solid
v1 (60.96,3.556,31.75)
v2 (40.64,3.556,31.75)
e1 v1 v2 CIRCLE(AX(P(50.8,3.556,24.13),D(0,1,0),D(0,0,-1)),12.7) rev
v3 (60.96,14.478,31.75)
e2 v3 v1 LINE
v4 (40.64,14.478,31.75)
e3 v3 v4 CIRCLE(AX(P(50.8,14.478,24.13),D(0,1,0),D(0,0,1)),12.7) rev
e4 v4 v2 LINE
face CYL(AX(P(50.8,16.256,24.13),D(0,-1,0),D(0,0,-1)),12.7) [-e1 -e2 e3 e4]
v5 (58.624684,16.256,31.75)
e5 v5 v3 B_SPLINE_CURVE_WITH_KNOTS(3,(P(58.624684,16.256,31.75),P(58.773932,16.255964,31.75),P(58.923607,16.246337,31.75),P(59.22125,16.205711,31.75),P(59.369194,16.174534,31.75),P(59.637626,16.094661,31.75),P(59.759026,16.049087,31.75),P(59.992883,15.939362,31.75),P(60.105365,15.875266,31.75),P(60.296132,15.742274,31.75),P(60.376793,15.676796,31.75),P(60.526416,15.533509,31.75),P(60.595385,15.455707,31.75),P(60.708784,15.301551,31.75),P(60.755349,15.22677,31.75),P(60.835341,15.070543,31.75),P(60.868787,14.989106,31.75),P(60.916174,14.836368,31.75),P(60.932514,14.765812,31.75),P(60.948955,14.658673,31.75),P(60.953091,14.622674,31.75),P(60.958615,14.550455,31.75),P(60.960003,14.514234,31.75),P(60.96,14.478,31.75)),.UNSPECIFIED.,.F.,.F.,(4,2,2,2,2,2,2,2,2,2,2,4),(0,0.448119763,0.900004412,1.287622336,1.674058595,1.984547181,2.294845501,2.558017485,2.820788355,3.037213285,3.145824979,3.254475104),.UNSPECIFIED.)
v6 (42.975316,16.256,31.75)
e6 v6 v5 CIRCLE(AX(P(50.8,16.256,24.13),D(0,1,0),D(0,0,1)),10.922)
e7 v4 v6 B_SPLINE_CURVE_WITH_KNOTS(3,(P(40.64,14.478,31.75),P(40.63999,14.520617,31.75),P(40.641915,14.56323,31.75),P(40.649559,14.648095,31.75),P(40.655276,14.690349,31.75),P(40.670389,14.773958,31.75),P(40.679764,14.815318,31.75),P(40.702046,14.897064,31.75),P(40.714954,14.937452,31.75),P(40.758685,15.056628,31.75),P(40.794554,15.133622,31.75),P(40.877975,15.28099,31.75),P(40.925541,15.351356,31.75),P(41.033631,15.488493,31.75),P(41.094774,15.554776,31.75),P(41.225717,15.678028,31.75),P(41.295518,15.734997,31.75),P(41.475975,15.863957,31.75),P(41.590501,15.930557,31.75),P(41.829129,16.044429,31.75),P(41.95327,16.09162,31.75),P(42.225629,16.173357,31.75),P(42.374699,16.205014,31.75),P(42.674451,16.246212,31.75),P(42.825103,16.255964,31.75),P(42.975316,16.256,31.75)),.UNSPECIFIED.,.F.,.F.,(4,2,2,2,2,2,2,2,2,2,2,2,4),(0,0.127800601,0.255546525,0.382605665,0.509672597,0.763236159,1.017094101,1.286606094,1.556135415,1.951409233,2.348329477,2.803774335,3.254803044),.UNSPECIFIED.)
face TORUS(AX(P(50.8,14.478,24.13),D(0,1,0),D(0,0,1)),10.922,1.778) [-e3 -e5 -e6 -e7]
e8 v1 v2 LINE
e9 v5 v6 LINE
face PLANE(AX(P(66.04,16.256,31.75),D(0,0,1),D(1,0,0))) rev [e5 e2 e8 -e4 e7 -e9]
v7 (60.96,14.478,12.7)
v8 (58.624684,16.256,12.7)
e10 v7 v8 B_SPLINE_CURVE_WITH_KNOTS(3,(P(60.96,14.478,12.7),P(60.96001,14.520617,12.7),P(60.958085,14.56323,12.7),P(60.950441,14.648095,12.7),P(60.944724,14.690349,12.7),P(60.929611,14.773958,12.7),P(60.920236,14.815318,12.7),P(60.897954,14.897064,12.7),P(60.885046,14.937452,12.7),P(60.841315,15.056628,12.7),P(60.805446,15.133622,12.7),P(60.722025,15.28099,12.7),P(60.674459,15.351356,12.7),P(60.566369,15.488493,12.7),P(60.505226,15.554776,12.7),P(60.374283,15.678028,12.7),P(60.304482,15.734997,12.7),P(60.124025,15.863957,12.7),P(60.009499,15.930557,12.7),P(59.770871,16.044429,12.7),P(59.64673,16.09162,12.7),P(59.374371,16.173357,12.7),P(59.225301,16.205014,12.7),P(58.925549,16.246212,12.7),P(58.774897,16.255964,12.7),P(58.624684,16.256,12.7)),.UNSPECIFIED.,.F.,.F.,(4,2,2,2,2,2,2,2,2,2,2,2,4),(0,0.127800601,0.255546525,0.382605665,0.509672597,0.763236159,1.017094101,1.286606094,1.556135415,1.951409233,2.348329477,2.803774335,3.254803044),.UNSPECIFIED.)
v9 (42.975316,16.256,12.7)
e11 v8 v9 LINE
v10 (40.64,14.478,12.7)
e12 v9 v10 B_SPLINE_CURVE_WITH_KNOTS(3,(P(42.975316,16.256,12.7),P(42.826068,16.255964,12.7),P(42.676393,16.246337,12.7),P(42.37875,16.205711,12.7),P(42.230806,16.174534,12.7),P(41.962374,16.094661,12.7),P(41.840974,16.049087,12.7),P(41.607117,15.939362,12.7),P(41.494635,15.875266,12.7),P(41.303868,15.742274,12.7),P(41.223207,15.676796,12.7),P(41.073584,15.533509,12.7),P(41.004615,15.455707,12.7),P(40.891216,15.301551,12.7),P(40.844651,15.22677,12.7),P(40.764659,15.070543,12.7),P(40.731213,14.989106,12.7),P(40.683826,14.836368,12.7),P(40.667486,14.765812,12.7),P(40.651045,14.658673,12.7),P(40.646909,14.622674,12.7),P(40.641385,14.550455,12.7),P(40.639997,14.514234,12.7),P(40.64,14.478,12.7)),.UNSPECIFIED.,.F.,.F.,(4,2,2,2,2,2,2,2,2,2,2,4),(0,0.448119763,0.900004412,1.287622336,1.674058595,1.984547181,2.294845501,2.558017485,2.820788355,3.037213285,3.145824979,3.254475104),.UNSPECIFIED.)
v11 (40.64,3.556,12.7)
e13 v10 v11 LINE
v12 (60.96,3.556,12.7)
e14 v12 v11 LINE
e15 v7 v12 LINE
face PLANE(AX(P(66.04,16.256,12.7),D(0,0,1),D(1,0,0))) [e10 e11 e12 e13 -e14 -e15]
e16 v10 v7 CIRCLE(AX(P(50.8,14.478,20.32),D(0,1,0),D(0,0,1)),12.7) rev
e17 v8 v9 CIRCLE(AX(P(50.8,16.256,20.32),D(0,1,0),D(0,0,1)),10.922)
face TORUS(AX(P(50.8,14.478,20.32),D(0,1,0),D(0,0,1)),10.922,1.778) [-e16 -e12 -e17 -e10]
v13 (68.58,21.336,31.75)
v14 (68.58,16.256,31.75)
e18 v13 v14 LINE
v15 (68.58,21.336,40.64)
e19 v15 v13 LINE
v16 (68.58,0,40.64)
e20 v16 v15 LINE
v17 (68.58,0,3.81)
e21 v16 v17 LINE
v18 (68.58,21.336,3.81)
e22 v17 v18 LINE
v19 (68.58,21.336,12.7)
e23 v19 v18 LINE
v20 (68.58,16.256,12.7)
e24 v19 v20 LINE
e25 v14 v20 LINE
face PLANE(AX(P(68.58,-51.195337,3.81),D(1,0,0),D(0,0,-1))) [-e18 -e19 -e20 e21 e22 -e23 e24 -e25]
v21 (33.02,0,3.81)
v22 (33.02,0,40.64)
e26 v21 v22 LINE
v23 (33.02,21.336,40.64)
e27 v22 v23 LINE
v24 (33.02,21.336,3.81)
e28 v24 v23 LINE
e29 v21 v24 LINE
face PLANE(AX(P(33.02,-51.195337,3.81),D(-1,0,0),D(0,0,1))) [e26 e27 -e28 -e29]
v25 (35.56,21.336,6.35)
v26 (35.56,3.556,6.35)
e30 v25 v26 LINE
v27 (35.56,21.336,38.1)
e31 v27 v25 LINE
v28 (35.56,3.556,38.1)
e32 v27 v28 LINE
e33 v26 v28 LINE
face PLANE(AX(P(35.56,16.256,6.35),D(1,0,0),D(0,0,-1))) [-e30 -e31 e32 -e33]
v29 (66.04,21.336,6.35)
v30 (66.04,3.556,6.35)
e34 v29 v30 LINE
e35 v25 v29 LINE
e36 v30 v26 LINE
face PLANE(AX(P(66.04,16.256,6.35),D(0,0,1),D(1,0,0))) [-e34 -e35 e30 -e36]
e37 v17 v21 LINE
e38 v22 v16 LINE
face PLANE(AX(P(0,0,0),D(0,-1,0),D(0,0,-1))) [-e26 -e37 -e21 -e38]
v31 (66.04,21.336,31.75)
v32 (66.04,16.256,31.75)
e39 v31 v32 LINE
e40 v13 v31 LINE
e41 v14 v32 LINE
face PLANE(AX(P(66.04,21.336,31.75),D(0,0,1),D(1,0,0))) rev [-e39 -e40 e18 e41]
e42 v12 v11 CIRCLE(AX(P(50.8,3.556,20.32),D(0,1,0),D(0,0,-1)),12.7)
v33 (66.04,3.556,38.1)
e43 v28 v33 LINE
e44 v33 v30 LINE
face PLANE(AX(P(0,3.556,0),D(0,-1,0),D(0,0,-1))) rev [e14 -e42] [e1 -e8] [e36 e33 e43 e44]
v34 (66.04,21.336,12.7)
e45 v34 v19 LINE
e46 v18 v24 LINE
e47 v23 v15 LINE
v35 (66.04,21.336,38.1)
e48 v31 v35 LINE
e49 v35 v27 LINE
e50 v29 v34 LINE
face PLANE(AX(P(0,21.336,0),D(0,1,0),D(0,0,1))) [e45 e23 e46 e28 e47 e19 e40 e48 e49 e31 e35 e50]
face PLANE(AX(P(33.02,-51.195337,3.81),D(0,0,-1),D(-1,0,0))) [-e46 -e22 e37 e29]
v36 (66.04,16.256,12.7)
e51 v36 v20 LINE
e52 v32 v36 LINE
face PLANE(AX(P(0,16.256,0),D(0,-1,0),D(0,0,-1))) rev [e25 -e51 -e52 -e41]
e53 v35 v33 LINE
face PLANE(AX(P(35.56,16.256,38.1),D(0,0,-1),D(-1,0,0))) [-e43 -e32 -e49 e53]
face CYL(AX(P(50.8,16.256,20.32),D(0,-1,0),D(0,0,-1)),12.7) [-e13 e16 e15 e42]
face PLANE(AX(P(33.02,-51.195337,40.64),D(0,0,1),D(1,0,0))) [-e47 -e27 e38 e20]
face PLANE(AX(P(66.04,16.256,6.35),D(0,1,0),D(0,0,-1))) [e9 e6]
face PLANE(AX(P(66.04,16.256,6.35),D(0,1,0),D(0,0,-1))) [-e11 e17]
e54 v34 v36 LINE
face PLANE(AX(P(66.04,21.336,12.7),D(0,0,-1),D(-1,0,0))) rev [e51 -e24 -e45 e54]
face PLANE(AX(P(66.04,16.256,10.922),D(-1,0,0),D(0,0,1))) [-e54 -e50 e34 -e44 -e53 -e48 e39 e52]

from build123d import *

# Parameters (mm, degrees)
SKETCH1_W            = 30.48
SKETCH1_H            = 31.75
BOSS_EXTRUDE1_DEPTH  = 3.556
BOSS_EXTRUDE2_DEPTH  = 12.7
SKETCH4_W            = 69.596
SKETCH4_H            = 73.406
BOSS_EXTRUDE3_DEPTH  = 3.556
BOSS_EXTRUDE5_DEPTH  = 12.7
MIRROR2_COPY_1_DEPTH = 12.7
MIRROR4_COPY_1_DEPTH = 12.7
FILLET5_R            = 1.778
BOSS_EXTRUDE7_REACH  = 82.336
SKETCH9_W            = 1.524
SKETCH9_H            = 35.306
SKETCH9_H_2          = 2.794
SKETCH9_W_2          = 34.036
CUT_EXTRUDE1_DEPTH   = 81.335506123
SKETCH11_W           = 35.56
SKETCH11_H           = 36.83
SKETCH11_W_2         = 34.036
SKETCH11_H_2         = 35.306
BOSS_EXTRUDE8_DEPTH  = 16.256
BOSS_EXTRUDE9_DEPTH  = 5.08


with BuildPart() as part:
    # Sketch1 → Boss-Extrude1 (new body)
    with BuildSketch(Plane(origin=(0, 0, 0), x_dir=(1, 0, 0), z_dir=(0, 1, 0))):
        with Locations((15.24, 15.875)):
            Rectangle(SKETCH1_W, SKETCH1_H)
    extrude(amount=BOSS_EXTRUDE1_DEPTH)

    # Sketch2 → Boss-Extrude2 (add)
    with BuildSketch(Plane(origin=(0, 3.556, 0), x_dir=(1, 0, 0), z_dir=(0, 1, 0))):
        with BuildLine():
            Line((25.4, 6.35), (5.08, 6.35))
            ThreePointArc((5.08, 6.35), (15.24, 1.27), (25.4, 6.35))
        make_face()
        with BuildLine():
            ThreePointArc((25.4, 25.4), (15.24, 30.48), (5.08, 25.4))
            Line((5.08, 25.4), (25.4, 25.4))
        make_face()
    boss_extrude2 = extrude(amount=BOSS_EXTRUDE2_DEPTH)

    # Sketch4 → Boss-Extrude3 (add)
    with BuildSketch(Plane(origin=(0, 3.556, 0), x_dir=(1, 0, 0), z_dir=(0, 1, 0))):
        with Locations((33.02, -3.175)):
            Rectangle(SKETCH4_W, SKETCH4_H)
    extrude(amount=-BOSS_EXTRUDE3_DEPTH)

    # Sketch8 → Boss-Extrude5 (add)
    with BuildSketch(Plane(origin=(0, 3.556, 0), x_dir=(1, 0, 0), z_dir=(0, 1, 0))):
        Polygon((-1.778, 33.528), (-1.778, 27.178), (-1.778, 4.572), (-1.778, -1.778), (32.258, -1.778), (32.258, 33.528), align=None)
        Polygon((0, 27.178), (0, 31.75), (30.48, 31.75), (30.48, 0), (0, 0), (0, 4.572), align=None, mode=Mode.SUBTRACT)
    boss_extrude5 = extrude(amount=BOSS_EXTRUDE5_DEPTH)

    # Mirror1: Boss-Extrude5 across plane
    add(boss_extrude5.mirror(Plane(origin=(0, 0, 3.175), x_dir=(1, 0, 0), z_dir=(0, 0, -1))))

    # Mirror2: Boss-Extrude5 across plane
    add(boss_extrude5.mirror(Plane(origin=(33.02, 0, 0), x_dir=(0, 0, 1), z_dir=(1, 0, 0))))

    # Mirror2 copy 1 sketch → Mirror2 copy 1 (add)
    with BuildSketch(Plane(origin=(66.04, 3.556, 6.35), x_dir=(-1, 0, 0), z_dir=(0, 1, 0))):
        Polygon((-1.778, 33.528), (-1.778, 27.178), (-1.778, 4.572), (-1.778, -1.778), (32.258, -1.778), (32.258, 33.528), align=None)
        Polygon((0, 27.178), (0, 31.75), (30.48, 31.75), (30.48, 0), (0, 0), (0, 4.572), align=None, mode=Mode.SUBTRACT)
    extrude(amount=MIRROR2_COPY_1_DEPTH)

    # Mirror3: Boss-Extrude2 across plane
    add(boss_extrude2.mirror(Plane(origin=(0, 0, 3.175), x_dir=(1, 0, 0), z_dir=(0, 0, -1))))

    # Mirror4: Boss-Extrude2 across plane
    add(boss_extrude2.mirror(Plane(origin=(33.02, 0, 0), x_dir=(0, 0, 1), z_dir=(1, 0, 0))))

    # Mirror4 copy 1 sketch → Mirror4 copy 1 (add)
    with BuildSketch(Plane(origin=(66.04, 3.556, 6.35), x_dir=(-1, 0, 0), z_dir=(0, 1, 0))):
        with BuildLine():
            Line((25.4, 6.35), (5.08, 6.35))
            ThreePointArc((5.08, 6.35), (15.24, 1.27), (25.4, 6.35))
        make_face()
        with BuildLine():
            ThreePointArc((25.4, 25.4), (15.24, 30.48), (5.08, 25.4))
            Line((5.08, 25.4), (25.4, 25.4))
        make_face()
    extrude(amount=MIRROR4_COPY_1_DEPTH)

    # Fillet5
    fillet5_edges = [part.edges().sort_by_distance(p)[0] for p in [
        (15.24, 16.256, -1.27),
        (15.24, 16.256, 7.62),
        (15.24, 16.256, 36.83),
        (50.8, 16.256, 7.62),
        (50.8, 16.256, 36.83),
        (50.8, 16.256, -1.27),
        (50.8, 16.256, -30.48),
        (15.24, 16.256, -30.48),
    ]]
    fillet(fillet5_edges, radius=FILLET5_R)

    # Sketch9 → Boss-Extrude7 (add, up to next)
    with BuildSketch(Plane(origin=(0, 16.256, 0), x_dir=(1, 0, 0), z_dir=(0, 1, 0)), mode=Mode.PRIVATE) as boss_extrude7_sk1:
        with Locations((33.02, 15.875)):
            Rectangle(SKETCH9_W, SKETCH9_H)
    boss_extrude7_tool1 = extrude(boss_extrude7_sk1.sketch, amount=-BOSS_EXTRUDE7_REACH, mode=Mode.PRIVATE) - part.part
    # Sketch9 → Boss-Extrude7 (add, up to next)
    with BuildSketch(Plane(origin=(0, 16.256, 0), x_dir=(1, 0, 0), z_dir=(0, 1, 0)), mode=Mode.PRIVATE) as boss_extrude7_sk2:
        with Locations((33.02, -22.225)):
            Rectangle(SKETCH9_W, SKETCH9_H)
    boss_extrude7_tool2 = extrude(boss_extrude7_sk2.sketch, amount=-BOSS_EXTRUDE7_REACH, mode=Mode.PRIVATE) - part.part
    # Sketch9 → Boss-Extrude7 (add, up to next)
    with BuildSketch(Plane(origin=(0, 16.256, 0), x_dir=(1, 0, 0), z_dir=(0, 1, 0)), mode=Mode.PRIVATE) as boss_extrude7_sk3:
        with Locations((33.02, -3.175)):
            Rectangle(SKETCH9_W, SKETCH9_H_2)
    boss_extrude7_tool3 = extrude(boss_extrude7_sk3.sketch, amount=-BOSS_EXTRUDE7_REACH, mode=Mode.PRIVATE) - part.part
    # Sketch9 → Boss-Extrude7 (add, up to next)
    with BuildSketch(Plane(origin=(0, 16.256, 0), x_dir=(1, 0, 0), z_dir=(0, 1, 0)), mode=Mode.PRIVATE) as boss_extrude7_sk4:
        with Locations((50.8, -3.175)):
            Rectangle(SKETCH9_W_2, SKETCH9_H_2)
    boss_extrude7_tool4 = extrude(boss_extrude7_sk4.sketch, amount=-BOSS_EXTRUDE7_REACH, mode=Mode.PRIVATE) - part.part
    # Sketch9 → Boss-Extrude7 (add, up to next)
    with BuildSketch(Plane(origin=(0, 16.256, 0), x_dir=(1, 0, 0), z_dir=(0, 1, 0)), mode=Mode.PRIVATE) as boss_extrude7_sk5:
        with Locations((15.24, -3.175)):
            Rectangle(SKETCH9_W_2, SKETCH9_H_2)
    boss_extrude7_tool5 = extrude(boss_extrude7_sk5.sketch, amount=-BOSS_EXTRUDE7_REACH, mode=Mode.PRIVATE) - part.part
    add(boss_extrude7_tool1.solids().sort_by_distance((33.02, 16.256, -15.875))[0])
    add(boss_extrude7_tool2.solids().sort_by_distance((33.02, 16.256, 22.225))[0])
    add(boss_extrude7_tool3.solids().sort_by_distance((33.02, 16.256, 3.175))[0])
    add(boss_extrude7_tool4.solids().sort_by_distance((50.8, 16.256, 3.175))[0])
    add(boss_extrude7_tool5.solids().sort_by_distance((15.24, 16.256, 3.175))[0])

    # Sketch10 → Cut-Extrude1 (cut, through all)
    with BuildSketch(Plane(origin=(0, 16.256, 0), x_dir=(1, 0, 0), z_dir=(0, 1, 0))):
        Polygon((67.818, -4.572), (33.782, -4.572), (33.782, -39.878), (-10.061280672, -39.878), (-10.061280672, 34.690827012), (71.018790947, 34.690827012), (71.018790947, -4.572), align=None)
    extrude(amount=-CUT_EXTRUDE1_DEPTH, mode=Mode.SUBTRACT)

    # Sketch11 → Boss-Extrude8 (add)
    with BuildSketch(Plane(origin=(0, 16.256, 0), x_dir=(1, 0, 0), z_dir=(0, 1, 0))):
        with Locations((50.8, -22.225)):
            Rectangle(SKETCH11_W, SKETCH11_H)
        with Locations((50.8, -22.225)):
            Rectangle(SKETCH11_W_2, SKETCH11_H_2, mode=Mode.SUBTRACT)
    extrude(amount=-BOSS_EXTRUDE8_DEPTH)

    # Sketch12 → Boss-Extrude9 (add)
    with BuildSketch(Plane(origin=(0, 16.256, 0), x_dir=(1, 0, 0), z_dir=(0, 1, 0))):
        Polygon((66.04, -12.7), (68.58, -12.7), (68.58, -3.81), (33.02, -3.81), (33.02, -40.64), (68.58, -40.64), (68.58, -31.75), (66.04, -31.75), (66.04, -38.1), (35.56, -38.1), (35.56, -6.35), (66.04, -6.35), align=None)
    extrude(amount=BOSS_EXTRUDE9_DEPTH)


solid = part.part
